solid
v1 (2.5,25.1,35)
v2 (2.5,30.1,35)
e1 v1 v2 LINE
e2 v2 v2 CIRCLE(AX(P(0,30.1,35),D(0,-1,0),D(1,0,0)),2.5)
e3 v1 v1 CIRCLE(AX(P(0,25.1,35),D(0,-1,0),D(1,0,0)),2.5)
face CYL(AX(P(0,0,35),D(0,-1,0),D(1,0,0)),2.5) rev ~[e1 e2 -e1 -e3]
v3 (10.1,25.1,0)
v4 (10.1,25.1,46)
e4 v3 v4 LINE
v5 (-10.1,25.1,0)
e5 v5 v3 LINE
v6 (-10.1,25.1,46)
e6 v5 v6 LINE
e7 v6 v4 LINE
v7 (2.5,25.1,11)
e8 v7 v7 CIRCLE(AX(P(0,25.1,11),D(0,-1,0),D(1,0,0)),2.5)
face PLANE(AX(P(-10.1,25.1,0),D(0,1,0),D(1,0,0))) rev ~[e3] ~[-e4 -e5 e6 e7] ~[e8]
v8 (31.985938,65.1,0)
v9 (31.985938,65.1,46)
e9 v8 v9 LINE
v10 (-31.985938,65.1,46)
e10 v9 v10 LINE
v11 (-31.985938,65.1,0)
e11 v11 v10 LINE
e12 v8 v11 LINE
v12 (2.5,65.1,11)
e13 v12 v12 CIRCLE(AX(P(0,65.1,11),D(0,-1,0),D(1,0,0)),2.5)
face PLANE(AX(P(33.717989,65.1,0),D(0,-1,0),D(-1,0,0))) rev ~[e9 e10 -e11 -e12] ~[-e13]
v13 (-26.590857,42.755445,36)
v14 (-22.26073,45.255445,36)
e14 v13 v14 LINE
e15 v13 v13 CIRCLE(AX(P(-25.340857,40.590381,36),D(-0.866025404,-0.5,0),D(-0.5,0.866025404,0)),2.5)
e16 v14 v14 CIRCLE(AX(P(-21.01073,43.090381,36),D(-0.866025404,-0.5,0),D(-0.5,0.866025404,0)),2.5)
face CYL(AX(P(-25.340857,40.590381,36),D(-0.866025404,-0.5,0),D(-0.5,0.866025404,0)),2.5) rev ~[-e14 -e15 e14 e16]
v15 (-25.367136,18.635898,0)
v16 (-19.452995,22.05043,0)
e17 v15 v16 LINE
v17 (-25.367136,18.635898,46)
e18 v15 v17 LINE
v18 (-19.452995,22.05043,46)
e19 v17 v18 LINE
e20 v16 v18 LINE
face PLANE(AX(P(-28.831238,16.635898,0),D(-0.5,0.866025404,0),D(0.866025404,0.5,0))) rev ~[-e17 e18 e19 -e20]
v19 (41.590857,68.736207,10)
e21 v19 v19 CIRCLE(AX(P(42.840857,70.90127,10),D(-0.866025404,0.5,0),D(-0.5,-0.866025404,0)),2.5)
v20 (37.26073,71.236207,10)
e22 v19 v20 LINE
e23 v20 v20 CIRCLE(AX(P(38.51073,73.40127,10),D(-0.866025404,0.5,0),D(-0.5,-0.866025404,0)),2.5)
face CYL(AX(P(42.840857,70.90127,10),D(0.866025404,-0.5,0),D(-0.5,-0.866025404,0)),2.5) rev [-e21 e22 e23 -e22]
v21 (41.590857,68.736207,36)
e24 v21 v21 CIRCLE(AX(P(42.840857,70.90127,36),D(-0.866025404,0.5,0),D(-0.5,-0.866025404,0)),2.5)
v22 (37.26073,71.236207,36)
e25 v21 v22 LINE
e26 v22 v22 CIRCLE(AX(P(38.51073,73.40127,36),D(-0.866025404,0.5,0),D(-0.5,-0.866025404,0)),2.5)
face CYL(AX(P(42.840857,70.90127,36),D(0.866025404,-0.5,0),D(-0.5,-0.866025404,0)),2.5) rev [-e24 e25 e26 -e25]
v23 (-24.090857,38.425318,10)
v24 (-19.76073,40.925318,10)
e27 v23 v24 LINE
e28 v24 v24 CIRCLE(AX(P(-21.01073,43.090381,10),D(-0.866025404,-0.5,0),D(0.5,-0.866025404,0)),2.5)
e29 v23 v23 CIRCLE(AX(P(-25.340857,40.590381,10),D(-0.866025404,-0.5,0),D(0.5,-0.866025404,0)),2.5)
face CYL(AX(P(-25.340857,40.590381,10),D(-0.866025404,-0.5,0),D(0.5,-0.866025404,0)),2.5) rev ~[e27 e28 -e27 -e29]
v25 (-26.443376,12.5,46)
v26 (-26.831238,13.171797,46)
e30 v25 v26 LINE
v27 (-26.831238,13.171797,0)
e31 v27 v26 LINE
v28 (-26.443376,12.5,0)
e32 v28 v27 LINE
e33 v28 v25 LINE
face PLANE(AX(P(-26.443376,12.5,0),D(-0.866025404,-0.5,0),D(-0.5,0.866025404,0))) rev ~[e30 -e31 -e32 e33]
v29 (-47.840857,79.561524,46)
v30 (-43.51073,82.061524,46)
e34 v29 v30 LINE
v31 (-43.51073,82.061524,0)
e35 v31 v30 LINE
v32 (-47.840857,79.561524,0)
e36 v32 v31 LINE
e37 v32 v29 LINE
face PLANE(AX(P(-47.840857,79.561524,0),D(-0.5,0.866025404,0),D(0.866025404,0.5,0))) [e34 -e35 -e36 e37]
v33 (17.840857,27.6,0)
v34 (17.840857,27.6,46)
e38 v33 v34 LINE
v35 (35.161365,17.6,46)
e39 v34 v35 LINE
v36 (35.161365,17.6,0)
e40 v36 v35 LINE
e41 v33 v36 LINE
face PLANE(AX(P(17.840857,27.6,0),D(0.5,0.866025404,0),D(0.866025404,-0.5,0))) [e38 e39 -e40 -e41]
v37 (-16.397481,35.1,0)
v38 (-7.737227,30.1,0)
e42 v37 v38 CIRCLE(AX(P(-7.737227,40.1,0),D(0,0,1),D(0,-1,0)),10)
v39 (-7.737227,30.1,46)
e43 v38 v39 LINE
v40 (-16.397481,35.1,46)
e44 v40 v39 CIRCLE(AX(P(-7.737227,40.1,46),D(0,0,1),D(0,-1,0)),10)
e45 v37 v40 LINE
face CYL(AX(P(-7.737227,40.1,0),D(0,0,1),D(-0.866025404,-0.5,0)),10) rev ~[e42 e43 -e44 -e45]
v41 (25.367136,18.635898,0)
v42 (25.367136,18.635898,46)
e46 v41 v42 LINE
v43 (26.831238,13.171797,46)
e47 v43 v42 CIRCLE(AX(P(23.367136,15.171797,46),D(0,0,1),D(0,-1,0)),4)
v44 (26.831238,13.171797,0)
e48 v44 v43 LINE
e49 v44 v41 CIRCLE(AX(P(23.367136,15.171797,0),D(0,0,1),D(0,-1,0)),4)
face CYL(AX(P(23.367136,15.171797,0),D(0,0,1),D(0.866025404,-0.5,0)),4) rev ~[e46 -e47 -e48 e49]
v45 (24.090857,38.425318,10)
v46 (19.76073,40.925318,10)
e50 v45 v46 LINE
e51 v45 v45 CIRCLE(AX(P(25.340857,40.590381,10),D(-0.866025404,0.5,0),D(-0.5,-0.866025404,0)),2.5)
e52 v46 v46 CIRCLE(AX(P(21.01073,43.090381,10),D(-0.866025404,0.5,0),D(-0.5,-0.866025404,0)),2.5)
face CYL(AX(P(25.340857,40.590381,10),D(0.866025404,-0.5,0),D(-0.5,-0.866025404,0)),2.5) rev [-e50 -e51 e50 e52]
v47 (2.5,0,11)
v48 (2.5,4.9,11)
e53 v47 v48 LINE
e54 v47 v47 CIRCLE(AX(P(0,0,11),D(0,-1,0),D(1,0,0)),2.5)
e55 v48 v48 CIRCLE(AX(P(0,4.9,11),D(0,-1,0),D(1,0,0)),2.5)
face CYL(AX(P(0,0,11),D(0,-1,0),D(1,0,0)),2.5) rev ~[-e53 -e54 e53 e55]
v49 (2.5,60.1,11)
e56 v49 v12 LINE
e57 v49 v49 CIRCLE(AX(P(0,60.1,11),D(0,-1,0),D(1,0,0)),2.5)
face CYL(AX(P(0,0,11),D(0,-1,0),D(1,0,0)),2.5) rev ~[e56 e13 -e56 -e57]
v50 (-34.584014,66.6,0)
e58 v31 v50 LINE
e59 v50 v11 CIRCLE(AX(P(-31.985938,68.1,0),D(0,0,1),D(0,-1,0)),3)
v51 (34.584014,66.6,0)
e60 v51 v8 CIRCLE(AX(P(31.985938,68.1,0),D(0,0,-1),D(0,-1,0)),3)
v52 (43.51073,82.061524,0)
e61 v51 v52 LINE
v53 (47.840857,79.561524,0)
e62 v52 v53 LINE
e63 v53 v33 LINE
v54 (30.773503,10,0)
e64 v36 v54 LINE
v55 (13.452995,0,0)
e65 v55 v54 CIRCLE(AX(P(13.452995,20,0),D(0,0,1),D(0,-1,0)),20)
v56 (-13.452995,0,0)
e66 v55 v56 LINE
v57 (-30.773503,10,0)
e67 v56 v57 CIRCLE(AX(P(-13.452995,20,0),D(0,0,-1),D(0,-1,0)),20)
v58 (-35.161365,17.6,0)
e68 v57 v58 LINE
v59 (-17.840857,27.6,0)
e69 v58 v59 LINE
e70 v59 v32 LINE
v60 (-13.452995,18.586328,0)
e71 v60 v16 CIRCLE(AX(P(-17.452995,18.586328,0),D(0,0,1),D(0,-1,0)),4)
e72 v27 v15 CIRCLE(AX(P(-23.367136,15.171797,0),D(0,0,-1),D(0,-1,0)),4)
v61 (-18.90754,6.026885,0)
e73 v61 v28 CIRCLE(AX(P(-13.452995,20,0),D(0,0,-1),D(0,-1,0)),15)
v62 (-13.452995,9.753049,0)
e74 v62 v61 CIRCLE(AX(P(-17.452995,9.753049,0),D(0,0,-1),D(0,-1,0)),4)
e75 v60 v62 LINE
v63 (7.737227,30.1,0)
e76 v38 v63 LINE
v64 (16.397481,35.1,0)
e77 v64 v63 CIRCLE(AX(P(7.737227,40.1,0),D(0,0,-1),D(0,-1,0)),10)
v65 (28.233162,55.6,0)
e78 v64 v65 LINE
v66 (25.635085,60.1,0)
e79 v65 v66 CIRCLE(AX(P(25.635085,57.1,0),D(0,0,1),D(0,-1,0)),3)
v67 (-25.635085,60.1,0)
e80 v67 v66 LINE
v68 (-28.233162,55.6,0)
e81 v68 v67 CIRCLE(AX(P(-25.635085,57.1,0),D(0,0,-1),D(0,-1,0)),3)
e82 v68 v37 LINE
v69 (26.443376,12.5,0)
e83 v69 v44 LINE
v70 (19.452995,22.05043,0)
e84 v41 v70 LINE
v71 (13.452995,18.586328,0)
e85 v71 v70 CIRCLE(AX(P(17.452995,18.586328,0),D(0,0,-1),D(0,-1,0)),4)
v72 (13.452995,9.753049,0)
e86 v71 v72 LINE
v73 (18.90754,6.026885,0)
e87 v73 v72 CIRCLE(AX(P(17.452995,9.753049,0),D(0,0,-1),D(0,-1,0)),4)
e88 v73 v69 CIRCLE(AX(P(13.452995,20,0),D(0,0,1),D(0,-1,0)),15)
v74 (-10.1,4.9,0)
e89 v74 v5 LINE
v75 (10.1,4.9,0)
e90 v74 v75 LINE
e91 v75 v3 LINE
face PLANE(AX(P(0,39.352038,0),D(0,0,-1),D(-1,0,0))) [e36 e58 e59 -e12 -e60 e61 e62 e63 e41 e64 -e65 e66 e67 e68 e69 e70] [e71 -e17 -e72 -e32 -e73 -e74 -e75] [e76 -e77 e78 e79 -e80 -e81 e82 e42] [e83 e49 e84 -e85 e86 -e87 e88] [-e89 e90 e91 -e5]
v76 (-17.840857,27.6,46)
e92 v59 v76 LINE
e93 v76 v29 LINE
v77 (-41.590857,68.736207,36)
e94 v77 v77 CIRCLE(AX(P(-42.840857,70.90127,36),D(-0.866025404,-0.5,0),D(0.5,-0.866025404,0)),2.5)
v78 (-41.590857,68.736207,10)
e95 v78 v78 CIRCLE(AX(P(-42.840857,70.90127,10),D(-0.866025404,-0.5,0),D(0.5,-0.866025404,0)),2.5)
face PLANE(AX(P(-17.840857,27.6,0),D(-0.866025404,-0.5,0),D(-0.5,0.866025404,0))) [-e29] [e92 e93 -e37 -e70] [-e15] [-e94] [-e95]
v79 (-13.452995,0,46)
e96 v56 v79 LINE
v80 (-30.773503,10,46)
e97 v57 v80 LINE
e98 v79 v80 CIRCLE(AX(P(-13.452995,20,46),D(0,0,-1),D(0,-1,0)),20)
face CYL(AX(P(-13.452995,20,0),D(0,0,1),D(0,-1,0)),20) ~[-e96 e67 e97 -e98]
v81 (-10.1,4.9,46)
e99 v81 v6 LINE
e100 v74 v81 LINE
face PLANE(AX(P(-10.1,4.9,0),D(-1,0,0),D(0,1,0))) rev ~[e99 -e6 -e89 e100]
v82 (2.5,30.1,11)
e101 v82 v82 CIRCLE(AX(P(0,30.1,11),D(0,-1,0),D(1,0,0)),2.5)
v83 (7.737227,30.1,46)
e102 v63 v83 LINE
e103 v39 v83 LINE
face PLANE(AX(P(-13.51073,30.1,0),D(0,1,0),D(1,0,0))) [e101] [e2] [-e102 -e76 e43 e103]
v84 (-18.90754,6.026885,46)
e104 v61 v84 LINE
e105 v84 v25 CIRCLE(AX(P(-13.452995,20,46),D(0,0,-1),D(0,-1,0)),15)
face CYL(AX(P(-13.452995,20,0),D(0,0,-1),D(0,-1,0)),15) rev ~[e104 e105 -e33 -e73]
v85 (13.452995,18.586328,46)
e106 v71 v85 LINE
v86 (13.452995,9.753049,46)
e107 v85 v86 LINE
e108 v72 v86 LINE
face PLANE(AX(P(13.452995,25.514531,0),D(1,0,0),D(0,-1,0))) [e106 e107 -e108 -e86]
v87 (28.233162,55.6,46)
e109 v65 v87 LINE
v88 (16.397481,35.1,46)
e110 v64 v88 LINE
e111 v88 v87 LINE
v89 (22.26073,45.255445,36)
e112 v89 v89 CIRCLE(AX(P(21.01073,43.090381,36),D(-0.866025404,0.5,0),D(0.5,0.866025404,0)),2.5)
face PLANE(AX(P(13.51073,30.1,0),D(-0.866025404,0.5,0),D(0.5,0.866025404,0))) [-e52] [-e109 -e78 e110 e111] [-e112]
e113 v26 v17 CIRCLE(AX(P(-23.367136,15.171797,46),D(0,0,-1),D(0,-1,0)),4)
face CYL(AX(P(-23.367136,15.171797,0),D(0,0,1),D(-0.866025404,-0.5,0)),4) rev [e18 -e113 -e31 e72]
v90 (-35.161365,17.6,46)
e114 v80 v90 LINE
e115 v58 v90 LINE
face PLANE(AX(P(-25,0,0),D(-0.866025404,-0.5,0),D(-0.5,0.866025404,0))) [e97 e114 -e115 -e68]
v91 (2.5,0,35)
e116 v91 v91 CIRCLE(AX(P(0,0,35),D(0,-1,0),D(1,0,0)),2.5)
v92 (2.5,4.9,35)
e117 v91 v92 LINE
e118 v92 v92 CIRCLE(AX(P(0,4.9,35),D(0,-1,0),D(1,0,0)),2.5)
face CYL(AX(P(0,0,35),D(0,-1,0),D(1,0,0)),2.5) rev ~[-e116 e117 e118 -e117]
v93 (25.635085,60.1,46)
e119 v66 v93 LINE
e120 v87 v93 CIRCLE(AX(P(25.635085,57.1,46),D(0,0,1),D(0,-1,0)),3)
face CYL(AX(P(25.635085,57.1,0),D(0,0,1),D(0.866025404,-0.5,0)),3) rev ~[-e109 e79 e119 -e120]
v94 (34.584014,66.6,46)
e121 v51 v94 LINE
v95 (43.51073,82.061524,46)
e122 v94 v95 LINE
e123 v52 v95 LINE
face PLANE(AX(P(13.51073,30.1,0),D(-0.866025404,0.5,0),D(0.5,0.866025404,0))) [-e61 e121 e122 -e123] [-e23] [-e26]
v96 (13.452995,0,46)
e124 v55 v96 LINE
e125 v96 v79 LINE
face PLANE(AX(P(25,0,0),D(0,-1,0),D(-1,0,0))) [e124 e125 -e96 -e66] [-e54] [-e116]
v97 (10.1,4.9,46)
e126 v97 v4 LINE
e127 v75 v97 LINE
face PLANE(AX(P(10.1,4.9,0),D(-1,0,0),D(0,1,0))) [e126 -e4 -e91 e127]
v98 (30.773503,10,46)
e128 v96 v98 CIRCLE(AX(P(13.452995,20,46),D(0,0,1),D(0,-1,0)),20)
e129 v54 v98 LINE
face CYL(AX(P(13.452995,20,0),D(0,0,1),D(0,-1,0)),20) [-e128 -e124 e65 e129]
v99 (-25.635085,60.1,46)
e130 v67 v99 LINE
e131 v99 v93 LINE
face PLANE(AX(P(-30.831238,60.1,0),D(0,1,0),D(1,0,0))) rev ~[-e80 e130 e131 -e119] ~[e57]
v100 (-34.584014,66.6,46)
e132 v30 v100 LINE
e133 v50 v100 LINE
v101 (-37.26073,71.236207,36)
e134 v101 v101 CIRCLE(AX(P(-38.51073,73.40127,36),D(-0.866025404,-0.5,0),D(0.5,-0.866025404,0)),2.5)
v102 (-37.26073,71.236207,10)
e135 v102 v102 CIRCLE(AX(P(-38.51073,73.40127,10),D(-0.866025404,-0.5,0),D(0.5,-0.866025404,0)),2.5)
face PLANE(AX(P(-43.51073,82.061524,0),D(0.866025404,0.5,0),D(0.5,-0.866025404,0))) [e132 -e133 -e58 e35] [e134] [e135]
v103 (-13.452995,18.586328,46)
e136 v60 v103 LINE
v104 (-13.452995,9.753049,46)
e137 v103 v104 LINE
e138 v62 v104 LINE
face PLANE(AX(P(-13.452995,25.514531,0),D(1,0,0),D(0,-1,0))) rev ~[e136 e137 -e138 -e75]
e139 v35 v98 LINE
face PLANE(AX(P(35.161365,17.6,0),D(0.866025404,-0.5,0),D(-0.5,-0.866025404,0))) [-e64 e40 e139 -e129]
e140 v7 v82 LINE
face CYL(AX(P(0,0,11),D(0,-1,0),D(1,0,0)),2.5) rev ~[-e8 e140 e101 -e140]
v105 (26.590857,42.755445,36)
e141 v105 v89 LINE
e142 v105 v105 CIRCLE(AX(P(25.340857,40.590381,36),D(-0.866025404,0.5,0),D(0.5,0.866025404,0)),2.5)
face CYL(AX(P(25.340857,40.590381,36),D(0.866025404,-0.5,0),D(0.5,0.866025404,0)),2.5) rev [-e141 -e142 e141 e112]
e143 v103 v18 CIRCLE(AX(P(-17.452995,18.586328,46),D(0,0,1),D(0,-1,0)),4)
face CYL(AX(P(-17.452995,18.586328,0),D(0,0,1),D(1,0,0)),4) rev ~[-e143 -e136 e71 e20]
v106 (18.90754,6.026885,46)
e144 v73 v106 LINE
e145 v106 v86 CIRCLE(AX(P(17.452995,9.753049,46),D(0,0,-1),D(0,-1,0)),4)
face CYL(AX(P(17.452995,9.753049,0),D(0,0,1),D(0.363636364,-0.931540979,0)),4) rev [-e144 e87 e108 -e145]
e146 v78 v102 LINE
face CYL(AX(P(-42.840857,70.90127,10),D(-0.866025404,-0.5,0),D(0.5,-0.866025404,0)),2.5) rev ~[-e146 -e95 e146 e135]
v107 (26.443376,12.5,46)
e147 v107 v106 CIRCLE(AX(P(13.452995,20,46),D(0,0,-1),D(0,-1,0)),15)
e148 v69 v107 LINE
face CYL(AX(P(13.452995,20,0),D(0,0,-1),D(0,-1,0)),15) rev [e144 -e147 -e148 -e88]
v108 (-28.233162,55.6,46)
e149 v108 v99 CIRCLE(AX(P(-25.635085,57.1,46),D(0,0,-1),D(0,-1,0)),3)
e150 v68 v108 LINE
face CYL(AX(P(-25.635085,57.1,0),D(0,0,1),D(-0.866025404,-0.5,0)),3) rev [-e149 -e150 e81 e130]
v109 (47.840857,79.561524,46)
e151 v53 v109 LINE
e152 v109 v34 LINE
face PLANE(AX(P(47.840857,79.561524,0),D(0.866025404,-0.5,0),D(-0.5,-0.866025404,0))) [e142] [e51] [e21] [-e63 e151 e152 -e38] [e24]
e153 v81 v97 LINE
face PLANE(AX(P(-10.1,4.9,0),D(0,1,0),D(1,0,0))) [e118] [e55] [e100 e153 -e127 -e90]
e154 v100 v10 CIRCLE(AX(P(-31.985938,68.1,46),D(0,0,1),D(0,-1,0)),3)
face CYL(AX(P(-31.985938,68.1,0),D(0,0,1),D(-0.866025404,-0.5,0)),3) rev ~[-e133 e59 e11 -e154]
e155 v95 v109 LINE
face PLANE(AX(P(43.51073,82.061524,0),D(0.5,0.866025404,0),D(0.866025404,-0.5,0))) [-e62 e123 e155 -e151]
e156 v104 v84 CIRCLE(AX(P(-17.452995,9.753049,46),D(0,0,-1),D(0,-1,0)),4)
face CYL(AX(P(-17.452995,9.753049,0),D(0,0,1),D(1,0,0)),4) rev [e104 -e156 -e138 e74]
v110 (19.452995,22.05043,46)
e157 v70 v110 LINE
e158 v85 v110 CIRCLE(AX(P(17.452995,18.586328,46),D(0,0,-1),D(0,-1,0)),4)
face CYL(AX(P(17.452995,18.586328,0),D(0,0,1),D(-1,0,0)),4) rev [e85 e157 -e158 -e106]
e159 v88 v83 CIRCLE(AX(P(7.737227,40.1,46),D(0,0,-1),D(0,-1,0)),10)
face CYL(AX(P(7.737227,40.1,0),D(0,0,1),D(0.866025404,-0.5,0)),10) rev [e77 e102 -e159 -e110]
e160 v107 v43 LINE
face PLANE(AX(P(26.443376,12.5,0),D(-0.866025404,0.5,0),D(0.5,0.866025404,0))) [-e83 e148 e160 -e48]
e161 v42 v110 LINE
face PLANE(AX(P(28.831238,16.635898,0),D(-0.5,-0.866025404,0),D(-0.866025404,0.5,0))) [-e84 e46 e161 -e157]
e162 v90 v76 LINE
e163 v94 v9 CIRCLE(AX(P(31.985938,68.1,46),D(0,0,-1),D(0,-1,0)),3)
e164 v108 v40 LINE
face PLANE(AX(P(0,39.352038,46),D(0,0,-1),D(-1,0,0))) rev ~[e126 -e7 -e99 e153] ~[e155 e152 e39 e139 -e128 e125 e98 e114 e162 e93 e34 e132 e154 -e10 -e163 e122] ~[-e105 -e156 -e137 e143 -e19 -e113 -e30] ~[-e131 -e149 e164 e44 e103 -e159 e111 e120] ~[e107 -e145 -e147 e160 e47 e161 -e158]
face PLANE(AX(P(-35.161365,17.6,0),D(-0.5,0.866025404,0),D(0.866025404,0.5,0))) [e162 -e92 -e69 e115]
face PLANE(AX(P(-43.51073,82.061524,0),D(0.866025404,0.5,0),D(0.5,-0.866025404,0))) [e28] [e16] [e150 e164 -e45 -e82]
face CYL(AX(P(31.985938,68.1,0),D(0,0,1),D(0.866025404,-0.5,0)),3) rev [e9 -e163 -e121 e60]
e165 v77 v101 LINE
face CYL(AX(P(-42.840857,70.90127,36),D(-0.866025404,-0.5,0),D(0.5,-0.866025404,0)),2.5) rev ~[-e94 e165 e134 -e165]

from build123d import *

# Parameters (mm, degrees)
SCHIZZO1_W                   = 20.2
SCHIZZO1_H                   = 20.2
ESTRUSIONE_ESTRUSIONE1_DEPTH = 46
RACCORDO1_R                  = 20
SCHIZZO8_R                   = 2.5
TAGLIO_ESTRUSIONE3_DEPTH     = 5
TAGLIO_ESTRUSIONE4_DEPTH     = 106.540709324
RACCORDO2_R                  = 10
RACCORDO3_R                  = 4
SCHIZZO11_R                  = 2.5
TAGLIO_ESTRUSIONE5_DEPTH     = 106.540709324
ESTRUSIONE_ESTRUSIONE2_DEPTH = 46
RACCORDO4_R                  = 3
SCHIZZO11_3_R                = 2.5
TAGLIO_ESTRUSIONE6_DEPTH     = 106.540709324


with BuildPart() as part:
    # Schizzo1 → Estrusione-Estrusione1 (new body)
    with BuildSketch(Plane.XY):
        Polygon((25, 0), (-25, 0), (-35.161364738, 17.6), (-17.840856662, 27.6), (-47.840856662, 79.561524227), (-43.510729643, 82.061524227), (-13.510729643, 30.1), (13.510729643, 30.1), (43.510729643, 82.061524227), (47.840856662, 79.561524227), (17.840856662, 27.6), (35.161364738, 17.6), align=None)
        with Locations((0, 15)):
            Rectangle(SCHIZZO1_W, SCHIZZO1_H, mode=Mode.SUBTRACT)
    extrude(amount=ESTRUSIONE_ESTRUSIONE1_DEPTH)

    # Raccordo1
    raccordo1_edges = [part.edges().sort_by_distance(p)[0] for p in [
        (25, 0, 23),
        (-25, 0, 23),
    ]]
    fillet(raccordo1_edges, radius=RACCORDO1_R)

    # Schizzo8 → Taglio-Estrusione3 (cut)
    with BuildSketch(Plane(origin=(-1.429491924, -0.825317547, 0), x_dir=(0, 0, 1), z_dir=(-0.8660254037844398, -0.49999999999999806, 0))):
        with Locations(Location((10, 82.822729475, 0), (0, 0, 270))):
            Circle(SCHIZZO8_R)
        with Locations(Location((10, 47.822729475, 0), (0, 0, 270))):
            Circle(SCHIZZO8_R)
        with Locations(Location((36, 47.822729475, 0), (0, 0, 90))):
            Circle(SCHIZZO8_R)
        with Locations(Location((36, 82.822729475, 0), (0, 0, 270))):
            Circle(SCHIZZO8_R)
    taglio_estrusione3 = extrude(amount=-TAGLIO_ESTRUSIONE3_DEPTH, mode=Mode.SUBTRACT)

    # Specchia1: Taglio-Estrusione3 across plane
    add(taglio_estrusione3.mirror(Plane(origin=(0, 0, 0), x_dir=(0, 0, 1), z_dir=(1, 0, 0))), mode=Mode.SUBTRACT)

    # Schizzo10 → Taglio-Estrusione4 (cut, through all)
    with BuildSketch(Plane(origin=(0, 0, 0), x_dir=(-1, 0, 0), z_dir=(0, 0, -1))):
        with BuildLine():
            Line((-28.831237719, 16.635898385), (-13.452994616, 25.51453118))
            Line((-13.452994616, 25.51453118), (-13.452994616, 5))
            ThreePointArc((-13.452994616, 5), (-20.952994616, 7.009618943), (-26.443375673, 12.5))
            Line((-26.443375673, 12.5), (-28.831237719, 16.635898385))
        make_face()
        with BuildLine():
            Line((13.452994616, 25.51453118), (13.452994616, 5))
            ThreePointArc((13.452994616, 5), (20.952994616, 7.009618943), (26.443375673, 12.5))
            Line((26.443375673, 12.5), (28.831237719, 16.635898385))
            Line((28.831237719, 16.635898385), (13.452994616, 25.51453118))
        make_face()
    extrude(amount=-TAGLIO_ESTRUSIONE4_DEPTH, mode=Mode.SUBTRACT)

    # Raccordo2
    raccordo2_edges = [part.edges().sort_by_distance(p)[0] for p in [
        (-13.510729643, 30.1, 23),
        (13.510729643, 30.1, 23),
    ]]
    fillet(raccordo2_edges, radius=RACCORDO2_R)

    # Raccordo3
    raccordo3_edges = [part.edges().sort_by_distance(p)[0] for p in [
        (28.831237719, 16.635898385, 23),
        (13.452994616, 25.51453118, 23),
        (13.452994616, 5, 23),
        (-13.452994616, 5, 23),
        (-13.452994616, 25.51453118, 23),
        (-28.831237719, 16.635898385, 23),
    ]]
    fillet(raccordo3_edges, radius=RACCORDO3_R)

    # Schizzo11 → Taglio-Estrusione5 (cut, through all)
    with BuildSketch(Plane.XZ):
        with Locations((0, 35)):
            Circle(SCHIZZO11_R)
        with Locations((0, 11)):
            Circle(SCHIZZO11_R)
    extrude(amount=-TAGLIO_ESTRUSIONE5_DEPTH, mode=Mode.SUBTRACT)

    # Schizzo13 → Estrusione-Estrusione2 (add)
    with BuildSketch(Plane(origin=(0, 0, 0), x_dir=(-1, 0, 0), z_dir=(0, 0, -1))):
        Polygon((-33.717989065, 65.1), (33.717989065, 65.1), (30.831237719, 60.1), (-30.831237719, 60.1), align=None)
    extrude(amount=-ESTRUSIONE_ESTRUSIONE2_DEPTH)

    # Raccordo4
    raccordo4_edges = [part.edges().sort_by_distance(p)[0] for p in [
        (30.831237719, 60.1, 23),
        (33.717989065, 65.1, 23),
        (-33.717989065, 65.1, 23),
        (-30.831237719, 60.1, 23),
    ]]
    fillet(raccordo4_edges, radius=RACCORDO4_R)

    # Schizzo11<3> → Taglio-Estrusione6 (cut, through all)
    with BuildSketch(Plane.XZ):
        with Locations((0, 11)):
            Circle(SCHIZZO11_3_R)
    extrude(amount=-TAGLIO_ESTRUSIONE6_DEPTH, mode=Mode.SUBTRACT)


solid = part.part
